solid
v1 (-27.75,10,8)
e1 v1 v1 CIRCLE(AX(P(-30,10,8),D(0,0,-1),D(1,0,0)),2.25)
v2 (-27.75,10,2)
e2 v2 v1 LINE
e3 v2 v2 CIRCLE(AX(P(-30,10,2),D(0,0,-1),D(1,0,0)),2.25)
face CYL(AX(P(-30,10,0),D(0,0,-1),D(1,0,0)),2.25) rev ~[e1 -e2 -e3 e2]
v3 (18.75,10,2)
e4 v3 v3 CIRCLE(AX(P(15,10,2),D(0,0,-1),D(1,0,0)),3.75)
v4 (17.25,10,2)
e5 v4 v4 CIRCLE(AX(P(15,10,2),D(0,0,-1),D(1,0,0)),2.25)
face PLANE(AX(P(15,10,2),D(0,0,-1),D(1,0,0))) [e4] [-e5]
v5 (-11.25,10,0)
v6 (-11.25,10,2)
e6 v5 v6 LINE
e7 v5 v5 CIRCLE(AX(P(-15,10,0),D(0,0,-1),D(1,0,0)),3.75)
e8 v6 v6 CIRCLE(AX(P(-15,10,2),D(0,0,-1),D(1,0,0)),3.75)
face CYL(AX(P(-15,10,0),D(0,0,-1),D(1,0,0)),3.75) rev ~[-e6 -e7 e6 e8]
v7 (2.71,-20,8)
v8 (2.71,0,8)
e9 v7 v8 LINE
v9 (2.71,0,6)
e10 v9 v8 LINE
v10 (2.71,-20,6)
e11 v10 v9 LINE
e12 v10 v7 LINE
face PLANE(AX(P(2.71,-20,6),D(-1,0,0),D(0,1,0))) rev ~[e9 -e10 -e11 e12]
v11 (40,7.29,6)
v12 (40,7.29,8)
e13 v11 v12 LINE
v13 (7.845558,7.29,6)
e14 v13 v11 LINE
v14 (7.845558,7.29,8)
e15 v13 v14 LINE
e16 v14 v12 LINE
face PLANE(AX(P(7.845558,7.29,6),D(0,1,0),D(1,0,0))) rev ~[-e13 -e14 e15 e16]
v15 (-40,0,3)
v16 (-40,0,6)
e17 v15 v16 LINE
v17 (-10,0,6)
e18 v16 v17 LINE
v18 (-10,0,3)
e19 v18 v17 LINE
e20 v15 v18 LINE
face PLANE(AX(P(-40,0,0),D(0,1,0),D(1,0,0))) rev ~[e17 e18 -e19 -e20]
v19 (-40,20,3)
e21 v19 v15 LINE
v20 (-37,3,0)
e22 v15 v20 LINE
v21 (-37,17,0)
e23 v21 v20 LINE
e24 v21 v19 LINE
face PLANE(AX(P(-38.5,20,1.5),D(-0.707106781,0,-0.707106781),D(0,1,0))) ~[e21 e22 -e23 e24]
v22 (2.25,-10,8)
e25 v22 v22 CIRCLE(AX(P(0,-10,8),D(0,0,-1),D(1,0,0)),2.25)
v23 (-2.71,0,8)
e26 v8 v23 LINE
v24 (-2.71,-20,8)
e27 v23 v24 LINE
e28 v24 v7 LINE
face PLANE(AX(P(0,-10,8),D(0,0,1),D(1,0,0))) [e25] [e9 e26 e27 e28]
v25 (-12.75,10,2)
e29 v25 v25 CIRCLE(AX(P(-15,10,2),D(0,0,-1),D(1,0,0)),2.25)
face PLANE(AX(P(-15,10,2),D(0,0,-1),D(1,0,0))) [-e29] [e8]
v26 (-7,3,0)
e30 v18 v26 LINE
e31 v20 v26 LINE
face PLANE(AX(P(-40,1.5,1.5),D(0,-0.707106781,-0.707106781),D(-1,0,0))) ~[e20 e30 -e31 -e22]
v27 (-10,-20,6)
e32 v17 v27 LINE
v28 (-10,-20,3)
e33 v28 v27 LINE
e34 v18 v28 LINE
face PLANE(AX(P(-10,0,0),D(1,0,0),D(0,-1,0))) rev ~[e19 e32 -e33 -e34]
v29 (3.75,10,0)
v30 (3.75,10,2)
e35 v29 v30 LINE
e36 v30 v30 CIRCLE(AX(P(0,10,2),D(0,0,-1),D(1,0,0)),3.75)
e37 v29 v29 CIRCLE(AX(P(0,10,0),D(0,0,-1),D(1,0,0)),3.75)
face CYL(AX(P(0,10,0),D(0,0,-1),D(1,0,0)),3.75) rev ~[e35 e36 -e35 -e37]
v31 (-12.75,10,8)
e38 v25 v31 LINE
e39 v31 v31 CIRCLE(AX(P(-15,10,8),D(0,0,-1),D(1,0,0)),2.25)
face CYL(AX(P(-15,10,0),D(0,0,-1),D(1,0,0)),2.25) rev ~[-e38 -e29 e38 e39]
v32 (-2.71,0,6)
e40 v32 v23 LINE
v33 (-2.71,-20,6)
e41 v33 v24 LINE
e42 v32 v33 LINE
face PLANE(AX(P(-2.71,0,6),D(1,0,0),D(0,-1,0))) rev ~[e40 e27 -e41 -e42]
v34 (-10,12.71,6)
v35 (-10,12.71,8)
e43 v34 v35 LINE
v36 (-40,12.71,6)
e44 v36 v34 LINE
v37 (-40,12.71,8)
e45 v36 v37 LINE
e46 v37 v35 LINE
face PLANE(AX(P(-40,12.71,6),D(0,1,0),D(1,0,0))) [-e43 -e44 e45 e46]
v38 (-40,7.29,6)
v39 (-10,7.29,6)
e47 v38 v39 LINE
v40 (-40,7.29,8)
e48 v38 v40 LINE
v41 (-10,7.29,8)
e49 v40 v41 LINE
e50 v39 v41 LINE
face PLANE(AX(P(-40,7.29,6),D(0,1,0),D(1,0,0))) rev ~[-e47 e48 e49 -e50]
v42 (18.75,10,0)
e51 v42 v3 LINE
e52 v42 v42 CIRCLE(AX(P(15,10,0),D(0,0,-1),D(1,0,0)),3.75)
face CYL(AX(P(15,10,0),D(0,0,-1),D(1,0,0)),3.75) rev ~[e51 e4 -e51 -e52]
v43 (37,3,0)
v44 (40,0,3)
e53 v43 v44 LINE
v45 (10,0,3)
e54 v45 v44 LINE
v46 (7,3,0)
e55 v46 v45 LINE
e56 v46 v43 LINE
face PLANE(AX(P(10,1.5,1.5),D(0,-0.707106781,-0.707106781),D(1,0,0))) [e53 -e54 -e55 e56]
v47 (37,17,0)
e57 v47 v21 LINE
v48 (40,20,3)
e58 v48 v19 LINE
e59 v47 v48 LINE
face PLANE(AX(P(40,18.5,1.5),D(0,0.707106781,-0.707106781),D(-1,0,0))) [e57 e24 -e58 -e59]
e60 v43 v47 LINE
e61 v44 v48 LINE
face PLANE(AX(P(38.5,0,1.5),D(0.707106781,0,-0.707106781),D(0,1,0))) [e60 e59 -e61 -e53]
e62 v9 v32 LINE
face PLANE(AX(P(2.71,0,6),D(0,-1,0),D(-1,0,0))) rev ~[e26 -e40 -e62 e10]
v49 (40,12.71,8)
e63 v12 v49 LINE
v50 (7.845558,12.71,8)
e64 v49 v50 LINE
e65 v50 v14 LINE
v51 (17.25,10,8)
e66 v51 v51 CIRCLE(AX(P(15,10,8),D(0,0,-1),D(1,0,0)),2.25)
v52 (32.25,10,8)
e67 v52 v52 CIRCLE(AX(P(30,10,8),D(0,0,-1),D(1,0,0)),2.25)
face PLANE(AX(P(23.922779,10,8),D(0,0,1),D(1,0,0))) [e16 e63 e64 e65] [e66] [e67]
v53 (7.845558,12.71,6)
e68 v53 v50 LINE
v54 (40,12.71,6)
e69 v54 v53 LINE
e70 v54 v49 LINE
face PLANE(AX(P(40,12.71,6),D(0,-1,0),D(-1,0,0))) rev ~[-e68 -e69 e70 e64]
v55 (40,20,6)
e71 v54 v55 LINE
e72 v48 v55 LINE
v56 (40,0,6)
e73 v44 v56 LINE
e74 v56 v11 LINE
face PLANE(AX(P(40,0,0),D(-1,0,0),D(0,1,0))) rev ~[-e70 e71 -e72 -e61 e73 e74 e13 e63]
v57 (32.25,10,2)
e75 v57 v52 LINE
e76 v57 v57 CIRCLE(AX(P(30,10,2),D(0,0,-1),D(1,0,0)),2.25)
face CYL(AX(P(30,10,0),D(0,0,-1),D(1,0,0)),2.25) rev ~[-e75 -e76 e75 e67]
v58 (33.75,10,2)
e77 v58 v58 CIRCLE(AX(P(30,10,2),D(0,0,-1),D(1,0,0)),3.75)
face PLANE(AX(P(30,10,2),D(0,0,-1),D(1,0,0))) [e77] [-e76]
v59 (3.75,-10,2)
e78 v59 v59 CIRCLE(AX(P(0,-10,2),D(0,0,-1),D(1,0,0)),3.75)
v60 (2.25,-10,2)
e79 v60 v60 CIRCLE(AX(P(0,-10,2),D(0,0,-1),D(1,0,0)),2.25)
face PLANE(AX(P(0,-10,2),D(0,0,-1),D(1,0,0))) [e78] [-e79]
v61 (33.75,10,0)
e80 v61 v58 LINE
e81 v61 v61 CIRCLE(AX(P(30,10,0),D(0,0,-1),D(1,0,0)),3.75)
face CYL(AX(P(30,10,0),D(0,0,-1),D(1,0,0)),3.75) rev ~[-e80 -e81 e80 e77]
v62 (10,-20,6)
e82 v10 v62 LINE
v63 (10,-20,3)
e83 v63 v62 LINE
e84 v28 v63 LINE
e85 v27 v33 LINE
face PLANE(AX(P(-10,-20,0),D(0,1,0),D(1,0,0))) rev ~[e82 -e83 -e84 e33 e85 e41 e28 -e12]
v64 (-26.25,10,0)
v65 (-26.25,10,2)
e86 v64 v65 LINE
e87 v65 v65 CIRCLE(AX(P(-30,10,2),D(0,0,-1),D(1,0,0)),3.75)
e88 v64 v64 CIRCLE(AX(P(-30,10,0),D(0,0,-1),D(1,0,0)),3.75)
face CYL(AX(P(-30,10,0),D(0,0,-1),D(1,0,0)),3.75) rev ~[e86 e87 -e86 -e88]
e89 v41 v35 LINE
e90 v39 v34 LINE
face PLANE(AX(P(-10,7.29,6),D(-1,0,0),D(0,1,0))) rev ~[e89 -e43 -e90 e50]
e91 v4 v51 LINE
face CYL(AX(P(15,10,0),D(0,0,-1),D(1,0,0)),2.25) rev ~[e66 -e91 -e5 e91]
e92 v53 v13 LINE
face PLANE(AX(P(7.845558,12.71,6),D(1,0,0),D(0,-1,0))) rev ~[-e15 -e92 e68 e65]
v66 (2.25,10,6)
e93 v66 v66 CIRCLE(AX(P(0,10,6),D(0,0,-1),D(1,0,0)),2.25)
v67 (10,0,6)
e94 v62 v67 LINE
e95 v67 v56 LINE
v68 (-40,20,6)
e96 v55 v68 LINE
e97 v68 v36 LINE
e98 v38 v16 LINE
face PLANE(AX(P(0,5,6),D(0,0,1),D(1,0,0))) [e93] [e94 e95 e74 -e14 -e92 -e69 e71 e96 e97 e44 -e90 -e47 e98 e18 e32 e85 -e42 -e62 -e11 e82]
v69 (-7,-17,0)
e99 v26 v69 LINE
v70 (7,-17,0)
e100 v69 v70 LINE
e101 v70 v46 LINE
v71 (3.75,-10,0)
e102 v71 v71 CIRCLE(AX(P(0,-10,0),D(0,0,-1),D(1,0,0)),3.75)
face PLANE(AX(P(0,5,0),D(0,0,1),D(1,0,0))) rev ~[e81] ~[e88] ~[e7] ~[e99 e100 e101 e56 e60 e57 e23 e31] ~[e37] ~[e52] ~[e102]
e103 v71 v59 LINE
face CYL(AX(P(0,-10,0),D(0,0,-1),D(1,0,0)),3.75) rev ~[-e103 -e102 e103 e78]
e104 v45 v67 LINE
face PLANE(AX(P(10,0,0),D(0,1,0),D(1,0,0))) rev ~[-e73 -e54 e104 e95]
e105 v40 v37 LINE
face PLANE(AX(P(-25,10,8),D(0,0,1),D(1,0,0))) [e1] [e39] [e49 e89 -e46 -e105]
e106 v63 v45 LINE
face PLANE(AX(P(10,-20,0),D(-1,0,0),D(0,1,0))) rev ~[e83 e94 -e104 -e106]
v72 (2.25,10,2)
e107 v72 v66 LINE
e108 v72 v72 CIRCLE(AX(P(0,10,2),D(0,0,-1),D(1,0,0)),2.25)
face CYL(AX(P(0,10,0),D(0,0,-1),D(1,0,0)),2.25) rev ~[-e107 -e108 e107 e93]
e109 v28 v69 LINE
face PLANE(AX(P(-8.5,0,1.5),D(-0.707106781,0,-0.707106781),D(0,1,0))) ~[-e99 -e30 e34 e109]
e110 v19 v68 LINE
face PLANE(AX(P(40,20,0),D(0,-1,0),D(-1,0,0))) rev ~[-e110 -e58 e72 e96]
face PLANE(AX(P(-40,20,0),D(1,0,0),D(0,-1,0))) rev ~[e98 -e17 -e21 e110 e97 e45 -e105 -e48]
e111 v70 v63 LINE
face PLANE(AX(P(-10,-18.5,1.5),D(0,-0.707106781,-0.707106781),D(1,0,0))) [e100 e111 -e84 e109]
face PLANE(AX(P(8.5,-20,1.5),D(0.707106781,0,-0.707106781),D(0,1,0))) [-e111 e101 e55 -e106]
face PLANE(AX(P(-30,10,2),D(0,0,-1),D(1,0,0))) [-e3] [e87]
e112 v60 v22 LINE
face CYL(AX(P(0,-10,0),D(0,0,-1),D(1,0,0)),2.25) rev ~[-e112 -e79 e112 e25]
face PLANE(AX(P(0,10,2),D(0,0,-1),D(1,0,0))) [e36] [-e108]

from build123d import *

# Parameters (mm, degrees)
F1_DEPTH = 6
F2_W     = 30
F2_H     = 5.42
F3_DEPTH = 2
F4_R     = 2.25
F5_DEPTH = 8.001
F6_R     = 3.75
F7_DEPTH = 2
F8_SIZE  = 3


with BuildPart() as f1:
    # F0 (on Top) → F1 (new body)
    with BuildSketch(Plane.XY):
        Polygon((-40, 0), (-10, 0), (-10, -20), (0, -20), (10, -20), (10, 0), (40, 0), (40, 20), (0, 20), (-40, 20), align=None)
    extrude(amount=F1_DEPTH)

    # F2 (on face) → F3 (join)
    with BuildSketch(Plane.XY.offset(6)):
        Polygon((2.71, 0), (0, 0), (-2.71, 0), (-2.71, -20), (2.71, -20), align=None)
        Polygon((7.845558, 12.71), (7.845558, 10), (7.845558, 7.29), (40, 7.29), (40, 12.71), align=None)
        with Locations((-25, 10)):
            Rectangle(F2_W, F2_H)
    extrude(amount=F3_DEPTH)

    # F4 (on face) → F5 (cut, through all)
    with BuildSketch(Plane(origin=(0, 0, 0), x_dir=(1, 0, 0), z_dir=(0, 0, -1))):
        with Locations((-30, -10)):
            Circle(F4_R)
        with Locations((0, -10)):
            Circle(F4_R)
        with Locations((0, 10)):
            Circle(F4_R)
        with Locations((30, -10)):
            Circle(F4_R)
        with Locations((15, -10)):
            Circle(F4_R)
        with Locations((-15, -10)):
            Circle(F4_R)
    extrude(amount=-F5_DEPTH, mode=Mode.SUBTRACT)

    # F6 (on face) → F7 (cut)
    with BuildSketch(Plane(origin=(0, 0, 0), x_dir=(1, 0, 0), z_dir=(0, 0, -1))):
        with Locations((0, 10)):
            Circle(F6_R)
        with Locations((0, -10)):
            Circle(F6_R)
        with Locations((30, -10)):
            Circle(F6_R)
        with Locations((-30, -10)):
            Circle(F6_R)
        with Locations((-15, -10)):
            Circle(F6_R)
        with Locations((15, -10)):
            Circle(F6_R)
    extrude(amount=-F7_DEPTH, mode=Mode.SUBTRACT)

    # F8
    f8_edges = [f1.edges().sort_by_distance(p)[0] for p in [
        (-10, -10, 0),
        (-25, 0, 0),
        (10, -10, 0),
        (25, 0, 0),
        (0, 20, 0),
        (40, 10, 0),
        (-40, 10, 0),
        (0, -20, 0),
    ]]
    chamfer(f8_edges, length=F8_SIZE)


solid = f1.part
